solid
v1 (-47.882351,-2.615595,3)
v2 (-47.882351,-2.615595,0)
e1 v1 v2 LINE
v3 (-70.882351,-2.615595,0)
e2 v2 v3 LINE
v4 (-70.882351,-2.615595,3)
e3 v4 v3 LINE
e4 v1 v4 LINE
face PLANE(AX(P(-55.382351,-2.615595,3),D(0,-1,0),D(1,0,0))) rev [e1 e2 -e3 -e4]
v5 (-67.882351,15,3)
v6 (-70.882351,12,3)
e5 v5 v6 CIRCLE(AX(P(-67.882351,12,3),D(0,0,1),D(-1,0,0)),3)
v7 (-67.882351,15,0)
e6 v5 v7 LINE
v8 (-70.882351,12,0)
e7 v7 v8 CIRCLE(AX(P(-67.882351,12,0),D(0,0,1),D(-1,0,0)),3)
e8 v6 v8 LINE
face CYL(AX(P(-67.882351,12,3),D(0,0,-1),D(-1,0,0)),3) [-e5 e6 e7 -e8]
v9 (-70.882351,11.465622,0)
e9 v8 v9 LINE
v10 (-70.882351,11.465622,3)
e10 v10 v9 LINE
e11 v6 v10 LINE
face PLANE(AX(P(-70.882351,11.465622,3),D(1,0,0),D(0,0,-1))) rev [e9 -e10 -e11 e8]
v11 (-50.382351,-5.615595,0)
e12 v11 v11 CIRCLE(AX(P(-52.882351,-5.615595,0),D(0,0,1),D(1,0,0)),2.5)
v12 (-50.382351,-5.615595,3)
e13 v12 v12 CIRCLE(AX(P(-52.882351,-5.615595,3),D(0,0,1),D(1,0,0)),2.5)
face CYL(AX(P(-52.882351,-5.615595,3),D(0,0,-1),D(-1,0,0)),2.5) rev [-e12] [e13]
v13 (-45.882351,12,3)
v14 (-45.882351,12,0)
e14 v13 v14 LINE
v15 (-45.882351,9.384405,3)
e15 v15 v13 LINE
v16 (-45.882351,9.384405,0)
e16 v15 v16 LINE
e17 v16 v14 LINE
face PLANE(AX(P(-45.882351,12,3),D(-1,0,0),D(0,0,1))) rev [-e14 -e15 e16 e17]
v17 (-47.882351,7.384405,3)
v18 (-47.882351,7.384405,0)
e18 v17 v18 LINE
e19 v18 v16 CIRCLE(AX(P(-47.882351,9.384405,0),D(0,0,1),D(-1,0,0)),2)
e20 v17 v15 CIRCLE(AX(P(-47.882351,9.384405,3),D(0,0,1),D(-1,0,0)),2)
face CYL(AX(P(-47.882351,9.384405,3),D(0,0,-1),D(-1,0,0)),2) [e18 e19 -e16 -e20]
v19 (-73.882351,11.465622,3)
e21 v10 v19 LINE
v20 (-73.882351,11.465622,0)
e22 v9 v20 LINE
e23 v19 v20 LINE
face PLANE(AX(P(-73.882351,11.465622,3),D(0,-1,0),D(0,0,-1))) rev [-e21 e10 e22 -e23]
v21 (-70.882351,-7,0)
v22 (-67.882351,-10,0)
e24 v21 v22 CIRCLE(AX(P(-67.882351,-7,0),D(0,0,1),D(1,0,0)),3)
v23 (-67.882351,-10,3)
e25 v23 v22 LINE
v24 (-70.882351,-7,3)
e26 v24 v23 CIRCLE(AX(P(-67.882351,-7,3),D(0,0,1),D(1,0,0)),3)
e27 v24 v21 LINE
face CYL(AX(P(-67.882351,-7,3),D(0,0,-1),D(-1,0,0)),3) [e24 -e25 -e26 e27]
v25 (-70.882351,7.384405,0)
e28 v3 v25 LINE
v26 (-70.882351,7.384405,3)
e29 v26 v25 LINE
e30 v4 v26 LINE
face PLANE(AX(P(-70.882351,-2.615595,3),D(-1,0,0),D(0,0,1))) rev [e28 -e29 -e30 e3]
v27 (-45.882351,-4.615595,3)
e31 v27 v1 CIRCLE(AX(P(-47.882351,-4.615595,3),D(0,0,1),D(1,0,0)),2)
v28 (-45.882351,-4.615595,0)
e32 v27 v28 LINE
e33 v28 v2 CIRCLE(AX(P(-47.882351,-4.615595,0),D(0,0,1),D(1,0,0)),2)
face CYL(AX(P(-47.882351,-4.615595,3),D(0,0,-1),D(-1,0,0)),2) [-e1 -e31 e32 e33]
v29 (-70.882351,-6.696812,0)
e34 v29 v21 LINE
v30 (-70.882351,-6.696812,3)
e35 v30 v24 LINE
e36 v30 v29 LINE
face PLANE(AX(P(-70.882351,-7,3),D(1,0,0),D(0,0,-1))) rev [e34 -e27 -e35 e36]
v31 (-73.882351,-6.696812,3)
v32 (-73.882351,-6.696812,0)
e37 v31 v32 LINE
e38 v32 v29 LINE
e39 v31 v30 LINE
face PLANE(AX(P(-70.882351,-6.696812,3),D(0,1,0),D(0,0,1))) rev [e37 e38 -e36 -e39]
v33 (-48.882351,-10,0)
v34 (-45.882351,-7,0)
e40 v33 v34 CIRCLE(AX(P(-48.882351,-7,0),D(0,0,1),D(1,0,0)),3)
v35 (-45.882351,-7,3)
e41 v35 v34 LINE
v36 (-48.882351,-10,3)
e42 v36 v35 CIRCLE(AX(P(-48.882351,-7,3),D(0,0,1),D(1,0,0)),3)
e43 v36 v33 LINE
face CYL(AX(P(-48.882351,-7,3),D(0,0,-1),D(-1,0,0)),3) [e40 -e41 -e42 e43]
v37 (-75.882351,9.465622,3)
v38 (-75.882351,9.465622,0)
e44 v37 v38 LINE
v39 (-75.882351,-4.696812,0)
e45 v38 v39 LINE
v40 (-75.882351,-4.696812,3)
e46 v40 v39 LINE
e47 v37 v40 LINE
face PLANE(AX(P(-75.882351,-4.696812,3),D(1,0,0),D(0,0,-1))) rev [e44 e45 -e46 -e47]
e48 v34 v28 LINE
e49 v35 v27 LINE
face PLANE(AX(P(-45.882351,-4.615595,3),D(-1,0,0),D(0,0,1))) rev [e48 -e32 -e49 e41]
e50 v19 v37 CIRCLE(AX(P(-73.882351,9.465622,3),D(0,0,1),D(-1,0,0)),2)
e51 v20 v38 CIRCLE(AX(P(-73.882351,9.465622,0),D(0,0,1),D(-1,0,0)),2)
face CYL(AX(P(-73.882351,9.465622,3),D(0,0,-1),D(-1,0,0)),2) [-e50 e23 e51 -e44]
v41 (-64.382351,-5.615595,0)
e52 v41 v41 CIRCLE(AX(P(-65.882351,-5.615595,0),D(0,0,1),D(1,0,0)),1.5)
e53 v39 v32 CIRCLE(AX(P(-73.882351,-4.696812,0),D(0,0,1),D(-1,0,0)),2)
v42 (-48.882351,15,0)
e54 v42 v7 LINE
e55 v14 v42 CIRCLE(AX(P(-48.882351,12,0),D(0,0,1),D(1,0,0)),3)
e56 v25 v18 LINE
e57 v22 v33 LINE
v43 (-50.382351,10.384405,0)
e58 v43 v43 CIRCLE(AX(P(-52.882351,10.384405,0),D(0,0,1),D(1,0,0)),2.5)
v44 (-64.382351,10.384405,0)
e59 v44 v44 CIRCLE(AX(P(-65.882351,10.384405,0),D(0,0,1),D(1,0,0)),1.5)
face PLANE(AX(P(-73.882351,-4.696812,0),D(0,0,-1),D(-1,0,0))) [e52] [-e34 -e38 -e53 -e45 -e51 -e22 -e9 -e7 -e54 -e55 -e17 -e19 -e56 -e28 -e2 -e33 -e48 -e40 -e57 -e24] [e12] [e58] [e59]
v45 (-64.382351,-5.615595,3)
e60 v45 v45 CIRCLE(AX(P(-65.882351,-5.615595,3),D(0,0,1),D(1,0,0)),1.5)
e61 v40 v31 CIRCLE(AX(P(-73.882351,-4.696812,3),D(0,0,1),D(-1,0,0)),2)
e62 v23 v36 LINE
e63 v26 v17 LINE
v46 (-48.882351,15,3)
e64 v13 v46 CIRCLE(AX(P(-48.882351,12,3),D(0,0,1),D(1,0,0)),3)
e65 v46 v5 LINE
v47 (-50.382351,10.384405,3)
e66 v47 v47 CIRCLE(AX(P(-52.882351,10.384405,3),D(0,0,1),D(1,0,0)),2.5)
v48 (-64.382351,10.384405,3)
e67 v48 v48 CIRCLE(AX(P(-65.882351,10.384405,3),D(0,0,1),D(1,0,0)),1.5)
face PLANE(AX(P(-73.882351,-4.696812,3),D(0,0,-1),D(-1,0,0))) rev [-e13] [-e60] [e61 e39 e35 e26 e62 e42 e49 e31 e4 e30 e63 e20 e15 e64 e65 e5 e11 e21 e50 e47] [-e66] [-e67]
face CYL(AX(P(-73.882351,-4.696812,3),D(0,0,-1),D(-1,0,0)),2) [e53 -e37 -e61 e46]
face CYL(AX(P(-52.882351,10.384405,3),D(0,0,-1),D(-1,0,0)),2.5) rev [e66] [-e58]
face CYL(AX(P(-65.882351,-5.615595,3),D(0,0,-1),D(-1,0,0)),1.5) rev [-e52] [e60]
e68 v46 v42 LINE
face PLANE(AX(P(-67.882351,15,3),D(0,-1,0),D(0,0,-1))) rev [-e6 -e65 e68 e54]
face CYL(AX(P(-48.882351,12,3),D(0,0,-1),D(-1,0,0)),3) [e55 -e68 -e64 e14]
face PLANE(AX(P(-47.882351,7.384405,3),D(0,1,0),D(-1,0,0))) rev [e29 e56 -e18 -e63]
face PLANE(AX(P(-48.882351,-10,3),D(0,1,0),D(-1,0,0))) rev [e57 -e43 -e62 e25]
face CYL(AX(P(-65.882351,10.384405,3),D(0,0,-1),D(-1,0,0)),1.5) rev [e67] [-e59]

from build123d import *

# Parameters (mm, degrees)
SKETCH1_R           = 2.5
SKETCH1_R_2         = 1.5
BOSS_EXTRUDE1_DEPTH = 3


with BuildPart() as part:
    # Sketch1 → Boss-Extrude1 (new body)
    with BuildSketch(Plane.XY):
        with BuildLine():
            Line((-47.882351022, -2.615594916), (-50.382351022, -2.615594916))
            Line((-50.382351022, -2.615594916), (-55.382351022, -2.615594916))
            Line((-55.382351022, -2.615594916), (-70.882351022, -2.615594916))
            Line((-70.882351022, -2.615594916), (-70.882351022, 7.384405084))
            Line((-70.882351022, 7.384405084), (-55.382351022, 7.384405084))
            Line((-55.382351022, 7.384405084), (-50.382351022, 7.384405084))
            Line((-50.382351022, 7.384405084), (-47.882351022, 7.384405084))
            ThreePointArc((-47.882351022, 7.384405084), (-46.46813746, 7.970191522), (-45.882351022, 9.384405084))
            Line((-45.882351022, 9.384405084), (-45.882351022, 12))
            ThreePointArc((-45.882351022, 12), (-46.761030678, 14.121320344), (-48.882351022, 15))
            Line((-48.882351022, 15), (-67.882351022, 15))
            ThreePointArc((-67.882351022, 15), (-70.003671365, 14.121320344), (-70.882351022, 12))
            Line((-70.882351022, 12), (-70.882351022, 11.465621828))
            Line((-70.882351022, 11.465621828), (-73.882351022, 11.465621828))
            ThreePointArc((-73.882351022, 11.465621828), (-75.296564584, 10.879835391), (-75.882351022, 9.465621828))
            Line((-75.882351022, 9.465621828), (-75.882351022, -4.69681166))
            ThreePointArc((-75.882351022, -4.69681166), (-75.296564584, -6.111025222), (-73.882351022, -6.69681166))
            Line((-73.882351022, -6.69681166), (-70.882351022, -6.69681166))
            Line((-70.882351022, -6.69681166), (-70.882351022, -7))
            ThreePointArc((-70.882351022, -7), (-70.003671365, -9.121320344), (-67.882351022, -10))
            Line((-67.882351022, -10), (-48.882351022, -10))
            ThreePointArc((-48.882351022, -10), (-46.761030678, -9.121320344), (-45.882351022, -7))
            Line((-45.882351022, -7), (-45.882351022, -4.615594916))
            ThreePointArc((-45.882351022, -4.615594916), (-46.46813746, -3.201381353), (-47.882351022, -2.615594916))
        make_face()
        with Locations((-52.882351022, 10.384405084)):
            Circle(SKETCH1_R, mode=Mode.SUBTRACT)
        with Locations((-52.882351022, -5.615594916)):
            Circle(SKETCH1_R, mode=Mode.SUBTRACT)
        with Locations((-65.882351022, 10.384405084)):
            Circle(SKETCH1_R_2, mode=Mode.SUBTRACT)
        with Locations((-65.882351022, -5.615594916)):
            Circle(SKETCH1_R_2, mode=Mode.SUBTRACT)
    extrude(amount=BOSS_EXTRUDE1_DEPTH)


solid = part.part
